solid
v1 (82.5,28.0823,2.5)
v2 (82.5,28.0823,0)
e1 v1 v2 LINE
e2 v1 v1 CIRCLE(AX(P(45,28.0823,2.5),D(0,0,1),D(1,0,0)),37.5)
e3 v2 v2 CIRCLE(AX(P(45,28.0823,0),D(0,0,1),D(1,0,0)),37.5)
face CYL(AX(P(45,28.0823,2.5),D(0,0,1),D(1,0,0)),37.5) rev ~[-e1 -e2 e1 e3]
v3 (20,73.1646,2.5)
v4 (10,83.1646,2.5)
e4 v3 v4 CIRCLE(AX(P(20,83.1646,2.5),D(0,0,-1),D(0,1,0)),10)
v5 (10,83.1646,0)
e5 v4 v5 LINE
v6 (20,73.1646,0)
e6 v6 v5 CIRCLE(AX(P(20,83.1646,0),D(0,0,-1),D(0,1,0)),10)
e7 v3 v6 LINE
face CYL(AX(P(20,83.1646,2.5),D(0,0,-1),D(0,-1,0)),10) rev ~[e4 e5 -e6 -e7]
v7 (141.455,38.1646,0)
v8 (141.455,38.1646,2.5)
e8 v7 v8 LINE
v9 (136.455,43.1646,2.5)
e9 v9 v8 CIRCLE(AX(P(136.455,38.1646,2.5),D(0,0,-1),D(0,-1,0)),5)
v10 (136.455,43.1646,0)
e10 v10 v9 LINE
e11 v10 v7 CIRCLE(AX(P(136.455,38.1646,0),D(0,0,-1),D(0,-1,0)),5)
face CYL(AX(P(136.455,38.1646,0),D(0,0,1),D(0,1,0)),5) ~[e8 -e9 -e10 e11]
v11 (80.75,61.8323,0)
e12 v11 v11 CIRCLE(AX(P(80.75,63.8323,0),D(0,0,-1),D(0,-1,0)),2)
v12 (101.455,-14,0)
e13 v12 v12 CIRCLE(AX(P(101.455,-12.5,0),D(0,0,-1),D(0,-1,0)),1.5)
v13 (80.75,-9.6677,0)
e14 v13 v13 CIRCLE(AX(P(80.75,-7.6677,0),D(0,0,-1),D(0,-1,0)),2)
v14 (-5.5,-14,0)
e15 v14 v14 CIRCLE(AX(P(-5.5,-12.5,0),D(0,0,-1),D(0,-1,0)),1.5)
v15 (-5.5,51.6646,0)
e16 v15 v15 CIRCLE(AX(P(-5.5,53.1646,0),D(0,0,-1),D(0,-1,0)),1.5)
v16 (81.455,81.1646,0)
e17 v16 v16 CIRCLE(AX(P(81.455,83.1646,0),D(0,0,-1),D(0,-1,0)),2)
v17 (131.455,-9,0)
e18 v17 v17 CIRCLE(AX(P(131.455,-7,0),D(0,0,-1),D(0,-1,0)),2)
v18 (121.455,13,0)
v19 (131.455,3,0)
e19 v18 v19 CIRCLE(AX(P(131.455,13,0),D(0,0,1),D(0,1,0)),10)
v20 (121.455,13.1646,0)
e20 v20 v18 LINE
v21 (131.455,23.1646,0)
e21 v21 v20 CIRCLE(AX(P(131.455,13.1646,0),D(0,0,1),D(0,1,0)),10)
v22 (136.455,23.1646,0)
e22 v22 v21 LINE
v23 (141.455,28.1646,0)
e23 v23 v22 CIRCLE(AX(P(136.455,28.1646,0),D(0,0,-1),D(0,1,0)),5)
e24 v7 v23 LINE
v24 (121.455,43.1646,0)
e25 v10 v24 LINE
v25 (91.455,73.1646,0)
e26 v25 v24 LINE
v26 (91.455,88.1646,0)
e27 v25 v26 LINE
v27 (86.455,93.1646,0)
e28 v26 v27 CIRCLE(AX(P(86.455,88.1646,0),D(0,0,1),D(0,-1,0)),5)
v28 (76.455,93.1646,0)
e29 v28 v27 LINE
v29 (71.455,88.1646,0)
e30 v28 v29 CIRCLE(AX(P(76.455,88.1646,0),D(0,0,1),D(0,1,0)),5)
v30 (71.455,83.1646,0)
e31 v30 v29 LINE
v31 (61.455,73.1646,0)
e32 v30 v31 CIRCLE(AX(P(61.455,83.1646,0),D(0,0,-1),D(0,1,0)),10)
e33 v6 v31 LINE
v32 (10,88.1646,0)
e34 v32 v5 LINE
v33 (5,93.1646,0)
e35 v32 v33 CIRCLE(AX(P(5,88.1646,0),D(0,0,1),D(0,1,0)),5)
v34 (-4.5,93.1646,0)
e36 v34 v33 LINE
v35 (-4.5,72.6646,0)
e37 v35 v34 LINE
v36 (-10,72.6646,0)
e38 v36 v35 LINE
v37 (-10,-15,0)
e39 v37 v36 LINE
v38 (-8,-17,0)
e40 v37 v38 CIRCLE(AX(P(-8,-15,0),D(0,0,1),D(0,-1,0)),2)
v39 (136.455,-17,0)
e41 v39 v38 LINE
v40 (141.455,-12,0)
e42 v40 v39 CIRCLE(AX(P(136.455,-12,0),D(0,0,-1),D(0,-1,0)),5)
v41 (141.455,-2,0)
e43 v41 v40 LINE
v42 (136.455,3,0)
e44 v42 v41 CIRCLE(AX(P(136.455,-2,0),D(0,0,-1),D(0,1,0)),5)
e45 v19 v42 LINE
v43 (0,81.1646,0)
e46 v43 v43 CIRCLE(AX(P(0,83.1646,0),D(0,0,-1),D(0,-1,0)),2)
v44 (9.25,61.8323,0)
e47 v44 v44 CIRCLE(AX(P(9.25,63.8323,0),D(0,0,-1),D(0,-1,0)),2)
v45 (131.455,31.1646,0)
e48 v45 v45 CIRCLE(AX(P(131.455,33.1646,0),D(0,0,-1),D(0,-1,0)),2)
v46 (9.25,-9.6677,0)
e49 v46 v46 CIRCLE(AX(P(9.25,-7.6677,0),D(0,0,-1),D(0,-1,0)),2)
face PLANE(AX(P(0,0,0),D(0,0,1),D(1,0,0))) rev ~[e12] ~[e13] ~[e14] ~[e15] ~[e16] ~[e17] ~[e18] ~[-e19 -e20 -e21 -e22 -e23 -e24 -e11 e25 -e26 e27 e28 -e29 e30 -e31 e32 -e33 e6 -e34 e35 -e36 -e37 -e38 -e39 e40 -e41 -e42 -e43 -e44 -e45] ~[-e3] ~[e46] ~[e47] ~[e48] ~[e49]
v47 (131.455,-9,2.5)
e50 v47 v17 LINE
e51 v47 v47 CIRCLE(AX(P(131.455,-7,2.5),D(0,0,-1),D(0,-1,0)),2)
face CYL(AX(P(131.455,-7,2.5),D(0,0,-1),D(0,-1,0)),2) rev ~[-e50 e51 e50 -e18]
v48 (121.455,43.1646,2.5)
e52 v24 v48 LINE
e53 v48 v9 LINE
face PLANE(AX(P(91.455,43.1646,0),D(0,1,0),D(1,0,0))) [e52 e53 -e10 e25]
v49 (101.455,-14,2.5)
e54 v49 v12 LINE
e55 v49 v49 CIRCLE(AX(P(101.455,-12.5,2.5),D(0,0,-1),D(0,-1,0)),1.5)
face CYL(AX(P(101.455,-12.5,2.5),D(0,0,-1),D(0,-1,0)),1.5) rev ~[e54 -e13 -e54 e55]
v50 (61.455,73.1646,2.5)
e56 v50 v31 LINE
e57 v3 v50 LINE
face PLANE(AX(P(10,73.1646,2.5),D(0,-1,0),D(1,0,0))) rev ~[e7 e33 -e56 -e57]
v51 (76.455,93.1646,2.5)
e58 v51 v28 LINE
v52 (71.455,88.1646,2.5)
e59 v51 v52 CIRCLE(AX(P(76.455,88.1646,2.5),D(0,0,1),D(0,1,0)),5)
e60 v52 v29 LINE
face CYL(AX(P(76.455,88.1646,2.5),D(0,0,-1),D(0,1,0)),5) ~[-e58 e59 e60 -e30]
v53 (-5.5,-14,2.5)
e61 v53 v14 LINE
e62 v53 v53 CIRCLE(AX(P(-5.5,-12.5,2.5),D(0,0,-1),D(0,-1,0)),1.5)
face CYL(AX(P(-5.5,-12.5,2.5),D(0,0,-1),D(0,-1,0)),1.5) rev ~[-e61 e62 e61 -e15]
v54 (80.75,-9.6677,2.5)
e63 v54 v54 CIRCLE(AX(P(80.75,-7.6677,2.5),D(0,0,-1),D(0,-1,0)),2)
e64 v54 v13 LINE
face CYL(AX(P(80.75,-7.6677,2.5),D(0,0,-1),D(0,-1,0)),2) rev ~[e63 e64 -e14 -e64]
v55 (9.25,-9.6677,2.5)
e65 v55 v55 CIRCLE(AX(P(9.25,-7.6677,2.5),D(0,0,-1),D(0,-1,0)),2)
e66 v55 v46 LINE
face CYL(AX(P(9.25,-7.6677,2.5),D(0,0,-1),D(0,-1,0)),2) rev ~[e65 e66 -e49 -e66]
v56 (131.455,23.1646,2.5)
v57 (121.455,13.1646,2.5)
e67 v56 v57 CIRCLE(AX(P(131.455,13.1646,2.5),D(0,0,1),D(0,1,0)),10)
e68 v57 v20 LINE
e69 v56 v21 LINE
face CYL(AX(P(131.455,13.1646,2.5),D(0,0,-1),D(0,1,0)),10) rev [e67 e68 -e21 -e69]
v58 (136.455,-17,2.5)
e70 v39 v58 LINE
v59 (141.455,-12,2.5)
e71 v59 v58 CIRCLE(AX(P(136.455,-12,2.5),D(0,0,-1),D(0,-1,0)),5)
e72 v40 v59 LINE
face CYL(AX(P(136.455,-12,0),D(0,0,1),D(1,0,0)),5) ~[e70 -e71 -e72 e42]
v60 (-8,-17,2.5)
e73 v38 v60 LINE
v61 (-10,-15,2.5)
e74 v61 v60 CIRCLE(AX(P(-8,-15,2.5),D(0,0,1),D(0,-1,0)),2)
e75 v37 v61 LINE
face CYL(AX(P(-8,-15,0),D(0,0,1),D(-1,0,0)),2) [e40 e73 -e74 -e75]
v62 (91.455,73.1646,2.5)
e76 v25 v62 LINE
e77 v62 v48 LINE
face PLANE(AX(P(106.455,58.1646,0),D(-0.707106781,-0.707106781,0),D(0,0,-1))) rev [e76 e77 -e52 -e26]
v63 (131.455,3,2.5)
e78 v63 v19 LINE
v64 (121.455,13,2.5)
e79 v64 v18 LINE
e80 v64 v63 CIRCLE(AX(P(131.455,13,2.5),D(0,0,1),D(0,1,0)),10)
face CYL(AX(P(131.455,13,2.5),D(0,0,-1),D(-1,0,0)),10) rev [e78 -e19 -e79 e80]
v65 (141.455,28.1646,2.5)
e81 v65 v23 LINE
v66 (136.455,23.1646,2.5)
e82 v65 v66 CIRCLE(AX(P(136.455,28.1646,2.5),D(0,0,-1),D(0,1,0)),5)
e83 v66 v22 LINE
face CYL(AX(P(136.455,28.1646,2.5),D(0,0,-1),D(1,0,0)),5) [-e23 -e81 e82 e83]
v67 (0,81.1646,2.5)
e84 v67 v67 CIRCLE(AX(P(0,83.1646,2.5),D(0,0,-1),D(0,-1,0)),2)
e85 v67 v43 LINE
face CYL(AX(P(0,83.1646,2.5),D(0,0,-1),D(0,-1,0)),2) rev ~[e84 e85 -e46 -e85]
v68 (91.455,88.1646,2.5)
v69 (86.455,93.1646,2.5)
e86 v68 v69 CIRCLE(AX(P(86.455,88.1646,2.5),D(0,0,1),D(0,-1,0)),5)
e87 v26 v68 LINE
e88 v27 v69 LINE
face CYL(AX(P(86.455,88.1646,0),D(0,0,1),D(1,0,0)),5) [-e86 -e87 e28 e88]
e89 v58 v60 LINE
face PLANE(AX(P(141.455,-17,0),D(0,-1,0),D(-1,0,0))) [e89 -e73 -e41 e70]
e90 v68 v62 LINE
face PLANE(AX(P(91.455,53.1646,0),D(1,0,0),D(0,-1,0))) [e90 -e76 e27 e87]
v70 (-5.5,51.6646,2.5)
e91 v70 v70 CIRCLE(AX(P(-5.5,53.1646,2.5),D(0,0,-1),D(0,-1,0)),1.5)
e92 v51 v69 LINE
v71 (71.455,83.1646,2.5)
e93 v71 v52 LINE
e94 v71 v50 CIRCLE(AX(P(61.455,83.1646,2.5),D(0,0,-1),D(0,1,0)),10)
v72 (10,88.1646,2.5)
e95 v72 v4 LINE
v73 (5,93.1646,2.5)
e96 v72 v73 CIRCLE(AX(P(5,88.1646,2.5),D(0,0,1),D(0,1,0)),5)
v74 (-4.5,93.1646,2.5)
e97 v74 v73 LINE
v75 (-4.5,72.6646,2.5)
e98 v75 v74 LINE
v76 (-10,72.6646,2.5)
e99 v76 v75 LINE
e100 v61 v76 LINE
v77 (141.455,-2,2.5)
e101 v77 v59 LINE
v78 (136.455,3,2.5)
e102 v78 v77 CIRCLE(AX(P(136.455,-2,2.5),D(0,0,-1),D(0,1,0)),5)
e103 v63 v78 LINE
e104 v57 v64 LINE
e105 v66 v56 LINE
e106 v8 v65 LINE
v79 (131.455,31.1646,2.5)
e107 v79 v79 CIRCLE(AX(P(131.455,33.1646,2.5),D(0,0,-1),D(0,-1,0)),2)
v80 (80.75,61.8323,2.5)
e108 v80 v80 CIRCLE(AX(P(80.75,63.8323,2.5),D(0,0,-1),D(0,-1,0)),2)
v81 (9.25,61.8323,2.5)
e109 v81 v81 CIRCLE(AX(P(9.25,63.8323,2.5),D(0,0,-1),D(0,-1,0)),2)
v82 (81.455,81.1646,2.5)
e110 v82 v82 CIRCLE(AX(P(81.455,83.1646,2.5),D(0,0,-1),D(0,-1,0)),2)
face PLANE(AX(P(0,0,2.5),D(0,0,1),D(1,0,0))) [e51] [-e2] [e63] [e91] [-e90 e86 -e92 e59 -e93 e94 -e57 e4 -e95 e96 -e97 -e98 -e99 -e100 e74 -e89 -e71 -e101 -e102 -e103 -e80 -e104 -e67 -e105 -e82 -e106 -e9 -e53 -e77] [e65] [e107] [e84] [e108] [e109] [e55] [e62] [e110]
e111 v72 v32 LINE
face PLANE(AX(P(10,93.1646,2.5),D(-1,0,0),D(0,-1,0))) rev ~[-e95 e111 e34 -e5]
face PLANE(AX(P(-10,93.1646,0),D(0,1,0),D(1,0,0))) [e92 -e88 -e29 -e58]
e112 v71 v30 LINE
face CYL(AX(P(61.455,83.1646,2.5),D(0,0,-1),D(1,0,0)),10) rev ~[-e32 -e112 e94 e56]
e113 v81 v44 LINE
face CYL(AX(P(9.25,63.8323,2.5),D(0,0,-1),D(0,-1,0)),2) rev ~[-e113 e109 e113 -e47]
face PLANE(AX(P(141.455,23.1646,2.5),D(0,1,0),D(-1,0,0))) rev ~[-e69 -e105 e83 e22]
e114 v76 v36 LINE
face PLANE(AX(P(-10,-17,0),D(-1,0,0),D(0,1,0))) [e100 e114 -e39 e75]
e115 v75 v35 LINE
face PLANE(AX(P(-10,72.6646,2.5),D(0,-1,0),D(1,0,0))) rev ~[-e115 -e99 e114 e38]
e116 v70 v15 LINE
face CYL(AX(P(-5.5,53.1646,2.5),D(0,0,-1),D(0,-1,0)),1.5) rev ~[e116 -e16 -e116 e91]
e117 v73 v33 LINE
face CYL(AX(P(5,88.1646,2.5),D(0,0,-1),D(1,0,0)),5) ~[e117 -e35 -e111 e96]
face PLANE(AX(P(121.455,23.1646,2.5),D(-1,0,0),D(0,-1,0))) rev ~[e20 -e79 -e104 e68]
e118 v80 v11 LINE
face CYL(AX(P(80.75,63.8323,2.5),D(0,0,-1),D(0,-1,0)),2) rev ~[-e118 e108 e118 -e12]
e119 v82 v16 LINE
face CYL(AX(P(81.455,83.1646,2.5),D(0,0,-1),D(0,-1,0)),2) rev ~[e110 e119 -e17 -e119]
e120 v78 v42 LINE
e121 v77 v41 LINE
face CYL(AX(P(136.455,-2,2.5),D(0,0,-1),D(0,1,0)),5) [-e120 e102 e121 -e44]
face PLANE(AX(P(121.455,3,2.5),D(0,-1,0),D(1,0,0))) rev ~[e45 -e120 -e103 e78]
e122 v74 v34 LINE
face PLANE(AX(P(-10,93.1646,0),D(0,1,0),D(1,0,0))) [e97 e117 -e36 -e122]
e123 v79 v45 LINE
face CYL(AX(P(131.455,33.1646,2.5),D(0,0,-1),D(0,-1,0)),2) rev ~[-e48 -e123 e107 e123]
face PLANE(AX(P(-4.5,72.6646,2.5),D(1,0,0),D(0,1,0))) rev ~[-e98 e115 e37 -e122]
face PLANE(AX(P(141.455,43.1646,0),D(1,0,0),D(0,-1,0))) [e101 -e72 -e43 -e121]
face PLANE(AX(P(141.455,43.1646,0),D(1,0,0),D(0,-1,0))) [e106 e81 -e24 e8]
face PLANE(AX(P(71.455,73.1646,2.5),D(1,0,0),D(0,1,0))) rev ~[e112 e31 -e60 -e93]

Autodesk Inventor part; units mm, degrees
ref_plane "YZ Plane" through (0, 0, 0) normal (1, 0, 0) x (0, 1, 0)
ref_plane "XZ Plane" through (0, 0, 0) normal (0, 1, 0) x (-1, 0, 0)
ref_plane "XY Plane" through (0, 0, 0) normal (0, 0, 1) x (1, 0, 0)
sketch "Szkic1" plane through (0, 0, 0) normal (0, 0, 1) x (1, 0, 0)
  line L0 (0, 53.1646) -> (0, 0)
  line L1 (0, 0) -> (98.9175, 0)
  line L2 (98.9175, 0) -> (98.9175, 1.2597)
  line L3 (98.9175, 1.2597) -> (101.455, 3.8466)
  line L4 (101.455, 3.8466) -> (101.455, 38.0126)
  line L5 (101.455, 38.0126) -> (98.9175, 40.5017)
  line L6 (98.9175, 40.5017) -> (98.9175, 50.7051)
  line L7 (98.9175, 50.7051) -> (96.4101, 53.1646)
  line L8 (96.4101, 53.1646) -> (0, 53.1646)
  line L9 (-10, 93.1646) -> (141.455, 93.1646)
  line L10 (141.455, 93.1646) -> (141.455, -17)
  line L11 (141.455, -17) -> (-10, -17)
  line L12 (-10, -17) -> (-10, 93.1646)
  line L13 (91.455, 93.1646) -> (91.455, 43.1646)
  line L14 (91.455, 43.1646) -> (141.455, 43.1646)
  point P0 (-10, 13.9306)
  point P1 (7.9866, -17)
  dimension "d0" = 101.455
  dimension "d1" = 53.1646
  dimension "d2" = 98.9175
  dimension "d21" = 98.9175
  dimension "d22" = 1.2597
  dimension "d23" = 10.2034
  dimension "d24" = 34.166
  dimension "d33" = 40
  dimension "d34" = 40
  dimension "d35" = 17
  dimension "d36" = 10
  dimension "d37" = 50
  dimension "d38" = 50
extrude "Wyciągnięcie proste1" add sketch "Szkic1" along normal blind 2.5 contours L8 L13 L14 L6 L5 L4 L3 L2 L1 L0 | L0 L1 L2 L3 L4 L5 L6 L14 L10 L11 L12 L9 L13 L8
sketch "Szkic2" plane through (0, 0, 2.5) normal (0, 0, 1) x (1, 0, 0)
  line L0 (-10, 93.1646) -> (-10, -17) projected
  line L1 (-10, -17) -> (141.455, -17) projected
  line L2 (141.455, -17) -> (141.455, 43.1646) projected
  line L3 (141.455, 43.1646) -> (91.455, 43.1646) projected
  line L4 (91.455, 43.1646) -> (91.455, 93.1646) projected
  line L5 (91.455, 93.1646) -> (-10, 93.1646) projected
  line L6 (10, 93.1646) -> (10, 73.1646)
  line L7 (10, 73.1646) -> (71.455, 73.1646)
  line L8 (71.455, 73.1646) -> (71.455, 93.1646)
  line L9 (91.455, 93.1646) -> (-10, 93.1646) projected
  line L10 (141.455, -17) -> (141.455, 43.1646) projected
  line L11 (141.455, 23.1646) -> (121.455, 23.1646)
  line L12 (121.455, 23.1646) -> (121.455, 3)
  line L13 (121.455, 3) -> (141.455, 3)
  circle A0 centre (45, 28.0823) radius 37.5
  point P0 (0, 0)
  point P1 (131.455, -7)
  point P2 (131.455, 33.1646)
  point P3 (81.455, 83.1646)
  point P4 (0, 83.1646)
  point P5 (9.25, 63.8323)
  point P6 (80.75, 63.8323)
  point P7 (80.75, -7.6677)
  point P8 (9.25, -7.6677)
  dimension "d42" = 20
  dimension "d43" = 20
  dimension "d44" = 20
  dimension "d45" = 20
  dimension "d46" = 20
  dimension "d47" = 20
  dimension "d78" = 10
  dimension "d79" = 10
  dimension "d80" = 10
  dimension "d81" = 10
  dimension "d82" = 10
  dimension "d83" = 10
  dimension "d84" = 10
  dimension "d85" = 10
  dimension "d121" = 75
  dimension "d122" = 35.75
  dimension "d123" = 35.75
  dimension "d124" = 35.75
  dimension "d125" = 35.75
  dimension "d126" = 35.75
  dimension "d127" = 35.75
  dimension "d128" = 35.75
  dimension "d129" = 35.75
  dimension "d139" = 45.0823
  dimension "d140" = 101.455
  dimension "d141" = 90.1646
  dimension "d142" = 55
fillet "Zaokrąglenie1" radius 5 4 edges at (-10, 93.1646, 1.25) (91.455, 93.1646, 1.25) (141.455, 43.1646, 1.25) (141.455, -17, 1.25)
hole "Otwór1" at (131.455, -7, 2.5) at (131.455, 33.1646, 2.5) at (81.455, 83.1646, 2.5) at (0, 83.1646, 2.5) direction (0, 0, -1) diameter 4 end through all
fillet "Zaokrąglenie2" radius 2 1 edges at (-10, -17, 1.25)
sketch "Szkic4" plane through (0, 0, 2.5) normal (0, 0, 1) x (1, 0, 0)
  arc A0 (-10, -15) -> (-8, -17) centre (-8, -15) ccw projected
  line L0 (-8, -17) -> (136.455, -17) projected
  arc A1 (136.455, -17) -> (141.455, -12) centre (136.455, -12) ccw projected
  line L1 (141.455, -12) -> (141.455, 38.1646) projected
  arc A2 (141.455, 38.1646) -> (136.455, 43.1646) centre (136.455, 38.1646) ccw projected
  line L2 (136.455, 43.1646) -> (91.455, 43.1646) projected
  line L3 (91.455, 43.1646) -> (91.455, 88.1646) projected
  arc A3 (91.455, 88.1646) -> (86.455, 93.1646) centre (86.455, 88.1646) ccw projected
  line L4 (86.455, 93.1646) -> (-5, 93.1646) projected
  arc A4 (-5, 93.1646) -> (-10, 88.1646) centre (-5, 88.1646) ccw projected
  line L5 (-10, 88.1646) -> (-10, -15) projected
  circle A5 centre (81.455, 83.1646) radius 2 projected
  circle A6 centre (131.455, -7) radius 2 projected
  circle A7 centre (131.455, 33.1646) radius 2 projected
  circle A8 centre (0, 83.1646) radius 2 projected
  point P0 (0, 0)
  point P1 (-5.5, 53.1646)
  point P2 (-5.5, -12.5)
  point P3 (101.455, -12.5)
  dimension "d106" = 40
  dimension "d107" = 4.5
  dimension "d108" = 4.5
  dimension "d109" = 4.5
  dimension "d110" = 4.5
hole "Otwór2" at (-5.5, 53.1646, 2.5) at (-5.5, -12.5, 2.5) at (101.455, -12.5, 2.5) direction (0, 0, -1) diameter 3 end through all
chamfer "Faza2" distance 30 angle 45 1 edges at (91.455, 43.1646, 1.25)
extrude "Wyciągnięcie proste4" cut sketch "Szkic2" against normal through all contours L5 L8 L7 L6 | L13 L12 L11 L2 | A0
hole "Otwór3" at (9.25, 63.8323, 2.5) at (80.75, 63.8323, 2.5) at (80.75, -7.6677, 2.5) at (9.25, -7.6677, 2.5) direction (0, 0, -1) diameter 4 end through all
fillet "Zaokrąglenie3" radius 10 4 edges at (71.455, 73.1646, 1.25) (10, 73.1646, 1.25) (121.455, 23.1646, 1.25) (121.455, 3, 1.25)
fillet "Zaokrąglenie3" radius 5 4 edges at (141.455, 23.1646, 1.25) (141.455, 3, 1.25) (71.455, 93.1646, 1.25) (10, 93.1646, 1.25)
sketch "Szkic7" plane through (0, 0, 2.5) normal (0, 0, 1) x (1, 0, 0)
  arc A0 (10, 88.1646) -> (5, 93.1646) centre (5, 88.1646) ccw projected
  line L0 (5, 93.1646) -> (-5, 93.1646) projected
  arc A1 (-5, 93.1646) -> (-10, 88.1646) centre (-5, 88.1646) ccw projected
  line L1 (-10, 88.1646) -> (-10, -15) projected
  arc A2 (-10, -15) -> (-8, -17) centre (-8, -15) ccw projected
  line L2 (-8, -17) -> (136.455, -17) projected
  arc A3 (136.455, -17) -> (141.455, -12) centre (136.455, -12) ccw projected
  line L3 (141.455, -12) -> (141.455, -2) projected
  arc A4 (141.455, -2) -> (136.455, 3) centre (136.455, -2) ccw projected
  line L4 (136.455, 3) -> (131.455, 3) projected
  arc A5 (121.455, 13) -> (131.455, 3) centre (131.455, 13) ccw projected
  line L5 (121.455, 13) -> (121.455, 13.1646) projected
  arc A6 (131.455, 23.1646) -> (121.455, 13.1646) centre (131.455, 13.1646) ccw projected
  line L6 (131.455, 23.1646) -> (136.455, 23.1646) projected
  arc A7 (136.455, 23.1646) -> (141.455, 28.1646) centre (136.455, 28.1646) ccw projected
  line L7 (141.455, 28.1646) -> (141.455, 38.1646) projected
  arc A8 (141.455, 38.1646) -> (136.455, 43.1646) centre (136.455, 38.1646) ccw projected
  line L8 (136.455, 43.1646) -> (121.455, 43.1646) projected
  line L9 (91.455, 73.1646) -> (121.455, 43.1646) projected
  line L10 (91.455, 73.1646) -> (91.455, 88.1646) projected
  arc A9 (91.455, 88.1646) -> (86.455, 93.1646) centre (86.455, 88.1646) ccw projected
  line L11 (86.455, 93.1646) -> (76.455, 93.1646) projected
  arc A10 (76.455, 93.1646) -> (71.455, 88.1646) centre (76.455, 88.1646) ccw projected
  line L12 (71.455, 88.1646) -> (71.455, 83.1646) projected
  arc A11 (61.455, 73.1646) -> (71.455, 83.1646) centre (61.455, 83.1646) ccw projected
  line L13 (61.455, 73.1646) -> (20, 73.1646) projected
  arc A12 (10, 83.1646) -> (20, 73.1646) centre (20, 83.1646) ccw projected
  line L14 (10, 83.1646) -> (10, 88.1646) projected
  circle A13 centre (80.75, -7.6677) radius 2 projected
  circle A14 centre (9.25, 63.8323) radius 2 projected
  circle A15 centre (80.75, 63.8323) radius 2 projected
  circle A16 centre (9.25, -7.6677) radius 2 projected
  circle A17 centre (45, 28.0823) radius 37.5 projected
  circle A18 centre (-5.5, -12.5) radius 1.5 projected
  circle A19 centre (-5.5, 53.1646) radius 1.5 projected
  circle A20 centre (101.455, -12.5) radius 1.5 projected
  circle A21 centre (0, 83.1646) radius 2 projected
  circle A22 centre (131.455, 33.1646) radius 2 projected
  circle A23 centre (131.455, -7) radius 2 projected
  circle A24 centre (81.455, 83.1646) radius 2 projected
  line L15 (-10, 72.6646) -> (-4.5, 72.6646)
  arc A25 (-5, 93.1646) -> (-10, 88.1646) centre (-5, 88.1646) ccw projected
  line L16 (-4.5, 72.6646) -> (-4.5, 93.1646)
  point P0 (0, 0)
  dimension "d145" = 5.5
  dimension "d147" = 20.5
extrude "Wyciągnięcie proste5" cut sketch "Szkic7" against normal through all contours L16 L15 L1 A1 L0
equation "\"d47\" = d46"
equation "\"d106\" = d105"
equation "\"d107\" = d110"
equation "\"d108\" = d110"
equation "\"d109\" = d110"
equation "\"d105\" = 40"
properties part number "3DP_PLA_Controller_Case_Top"
